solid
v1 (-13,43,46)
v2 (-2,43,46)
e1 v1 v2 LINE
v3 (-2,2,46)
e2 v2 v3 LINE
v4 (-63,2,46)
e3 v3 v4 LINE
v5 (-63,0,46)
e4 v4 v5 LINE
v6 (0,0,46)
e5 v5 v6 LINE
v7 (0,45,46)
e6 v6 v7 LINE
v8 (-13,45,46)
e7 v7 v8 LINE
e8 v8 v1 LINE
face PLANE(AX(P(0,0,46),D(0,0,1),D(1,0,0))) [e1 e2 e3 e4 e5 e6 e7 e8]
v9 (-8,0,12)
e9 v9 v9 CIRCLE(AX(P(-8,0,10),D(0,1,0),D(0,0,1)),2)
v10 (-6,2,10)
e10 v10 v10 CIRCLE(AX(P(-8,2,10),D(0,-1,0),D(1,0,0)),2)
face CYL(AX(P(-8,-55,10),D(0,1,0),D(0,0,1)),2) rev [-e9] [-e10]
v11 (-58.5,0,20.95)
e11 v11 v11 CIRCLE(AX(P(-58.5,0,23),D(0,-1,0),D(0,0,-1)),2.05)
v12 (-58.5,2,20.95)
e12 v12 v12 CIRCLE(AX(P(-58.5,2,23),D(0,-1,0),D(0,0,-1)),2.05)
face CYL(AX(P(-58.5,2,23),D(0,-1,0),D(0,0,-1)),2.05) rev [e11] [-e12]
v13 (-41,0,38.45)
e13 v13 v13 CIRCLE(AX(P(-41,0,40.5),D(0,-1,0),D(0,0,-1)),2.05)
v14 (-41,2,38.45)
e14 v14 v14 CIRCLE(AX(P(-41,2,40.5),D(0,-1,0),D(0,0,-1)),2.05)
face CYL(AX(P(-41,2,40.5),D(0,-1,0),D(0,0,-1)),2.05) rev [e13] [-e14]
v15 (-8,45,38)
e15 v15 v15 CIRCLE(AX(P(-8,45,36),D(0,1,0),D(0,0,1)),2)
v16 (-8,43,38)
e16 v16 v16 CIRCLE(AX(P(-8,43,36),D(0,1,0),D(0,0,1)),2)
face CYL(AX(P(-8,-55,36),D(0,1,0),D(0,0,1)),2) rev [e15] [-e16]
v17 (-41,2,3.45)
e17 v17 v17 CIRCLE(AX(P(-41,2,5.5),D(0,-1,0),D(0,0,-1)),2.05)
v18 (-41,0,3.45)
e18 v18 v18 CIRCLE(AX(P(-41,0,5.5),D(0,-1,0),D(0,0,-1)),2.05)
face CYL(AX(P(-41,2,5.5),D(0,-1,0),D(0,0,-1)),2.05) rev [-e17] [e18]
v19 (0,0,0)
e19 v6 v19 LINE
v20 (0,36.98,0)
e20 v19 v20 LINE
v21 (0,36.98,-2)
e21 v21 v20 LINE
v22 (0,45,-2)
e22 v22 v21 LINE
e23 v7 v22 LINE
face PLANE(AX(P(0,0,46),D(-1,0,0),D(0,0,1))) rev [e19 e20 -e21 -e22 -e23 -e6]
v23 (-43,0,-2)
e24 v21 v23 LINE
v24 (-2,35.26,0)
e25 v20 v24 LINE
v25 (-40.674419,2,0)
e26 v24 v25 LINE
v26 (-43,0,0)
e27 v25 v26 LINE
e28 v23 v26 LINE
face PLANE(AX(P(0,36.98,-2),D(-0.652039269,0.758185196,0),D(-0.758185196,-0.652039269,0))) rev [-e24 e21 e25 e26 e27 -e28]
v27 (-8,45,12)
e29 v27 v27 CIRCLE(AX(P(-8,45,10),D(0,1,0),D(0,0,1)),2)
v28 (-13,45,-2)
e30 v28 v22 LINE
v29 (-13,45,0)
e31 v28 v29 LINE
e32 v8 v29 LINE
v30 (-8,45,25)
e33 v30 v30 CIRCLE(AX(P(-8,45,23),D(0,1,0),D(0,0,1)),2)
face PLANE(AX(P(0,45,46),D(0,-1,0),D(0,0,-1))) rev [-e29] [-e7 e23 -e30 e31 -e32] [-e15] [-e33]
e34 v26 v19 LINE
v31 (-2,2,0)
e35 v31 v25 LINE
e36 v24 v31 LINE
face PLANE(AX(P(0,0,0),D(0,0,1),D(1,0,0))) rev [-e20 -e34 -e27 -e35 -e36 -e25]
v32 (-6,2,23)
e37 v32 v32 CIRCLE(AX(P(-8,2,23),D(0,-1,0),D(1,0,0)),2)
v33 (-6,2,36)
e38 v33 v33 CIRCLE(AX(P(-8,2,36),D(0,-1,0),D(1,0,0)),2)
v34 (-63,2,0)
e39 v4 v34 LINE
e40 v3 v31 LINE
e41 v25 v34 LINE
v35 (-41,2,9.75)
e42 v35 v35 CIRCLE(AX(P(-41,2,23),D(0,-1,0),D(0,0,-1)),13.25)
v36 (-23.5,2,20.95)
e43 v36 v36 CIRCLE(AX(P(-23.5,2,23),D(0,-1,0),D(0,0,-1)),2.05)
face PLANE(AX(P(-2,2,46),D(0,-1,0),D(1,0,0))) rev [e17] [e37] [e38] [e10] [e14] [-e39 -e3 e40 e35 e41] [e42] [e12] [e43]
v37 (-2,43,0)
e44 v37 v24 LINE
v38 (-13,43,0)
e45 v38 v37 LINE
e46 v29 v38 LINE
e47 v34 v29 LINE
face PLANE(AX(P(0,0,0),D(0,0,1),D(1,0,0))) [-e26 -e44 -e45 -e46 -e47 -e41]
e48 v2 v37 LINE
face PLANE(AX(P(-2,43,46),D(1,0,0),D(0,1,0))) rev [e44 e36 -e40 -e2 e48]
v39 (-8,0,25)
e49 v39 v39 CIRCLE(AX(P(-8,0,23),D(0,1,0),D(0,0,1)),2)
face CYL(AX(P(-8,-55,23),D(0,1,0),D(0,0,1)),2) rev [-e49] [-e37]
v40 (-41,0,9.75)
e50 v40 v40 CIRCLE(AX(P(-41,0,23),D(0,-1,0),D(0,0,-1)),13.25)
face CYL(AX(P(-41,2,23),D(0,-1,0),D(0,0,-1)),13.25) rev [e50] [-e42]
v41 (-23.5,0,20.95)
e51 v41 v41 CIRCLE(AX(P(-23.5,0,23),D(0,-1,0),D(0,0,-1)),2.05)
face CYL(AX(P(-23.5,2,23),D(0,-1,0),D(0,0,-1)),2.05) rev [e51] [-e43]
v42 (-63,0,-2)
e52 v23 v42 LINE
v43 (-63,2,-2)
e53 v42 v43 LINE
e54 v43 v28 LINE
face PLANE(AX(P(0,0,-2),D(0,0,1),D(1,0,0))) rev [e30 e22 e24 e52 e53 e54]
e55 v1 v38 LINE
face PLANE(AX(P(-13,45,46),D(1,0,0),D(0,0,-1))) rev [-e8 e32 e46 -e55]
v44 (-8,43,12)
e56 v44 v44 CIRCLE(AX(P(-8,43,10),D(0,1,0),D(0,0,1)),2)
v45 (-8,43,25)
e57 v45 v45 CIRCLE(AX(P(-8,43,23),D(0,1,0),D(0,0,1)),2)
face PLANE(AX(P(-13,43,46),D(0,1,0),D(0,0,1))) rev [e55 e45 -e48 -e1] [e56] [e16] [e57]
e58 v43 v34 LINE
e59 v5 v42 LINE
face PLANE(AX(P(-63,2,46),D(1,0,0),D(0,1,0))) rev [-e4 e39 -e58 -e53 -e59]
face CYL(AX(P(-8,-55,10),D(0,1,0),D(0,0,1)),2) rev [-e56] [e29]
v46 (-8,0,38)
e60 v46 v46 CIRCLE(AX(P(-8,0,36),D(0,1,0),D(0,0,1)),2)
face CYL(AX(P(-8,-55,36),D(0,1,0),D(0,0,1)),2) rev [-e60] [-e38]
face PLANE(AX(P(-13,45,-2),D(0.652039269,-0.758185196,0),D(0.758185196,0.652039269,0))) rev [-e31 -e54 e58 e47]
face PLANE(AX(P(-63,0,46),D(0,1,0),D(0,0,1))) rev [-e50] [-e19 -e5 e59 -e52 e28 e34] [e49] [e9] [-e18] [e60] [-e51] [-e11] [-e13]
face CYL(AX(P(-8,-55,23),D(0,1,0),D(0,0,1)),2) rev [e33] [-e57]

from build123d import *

# Parameters (mm, degrees)
BOSS_EXTRUDE1_DEPTH = 46
SKETCH2_R           = 13.25
SKETCH2_R_2         = 2.05
CUT_EXTRUDE1_DEPTH  = 2
SKETCH3_R           = 2
CUT_EXTRUDE2_DEPTH  = 100
BOSS_EXTRUDE2_DEPTH = 2


with BuildPart() as part:
    # Sketch1 → Boss-Extrude1 (new body)
    with BuildSketch(Plane.XY):
        Polygon((0, 0), (0, 45), (-13, 45), (-13, 43), (-2, 43), (-2, 2), (-63, 2), (-63, 0), align=None)
    extrude(amount=BOSS_EXTRUDE1_DEPTH)

    # Sketch2 → Cut-Extrude1 (cut)
    with BuildSketch(Plane.XZ):
        with Locations(Location((-41, 23, 0), (0, 0, 270))):
            Circle(SKETCH2_R)
        with Locations(Location((-41, 40.5, 0), (0, 0, 270))):
            Circle(SKETCH2_R_2)
        with Locations(Location((-58.5, 23, 0), (0, 0, 270))):
            Circle(SKETCH2_R_2)
        with Locations(Location((-23.5, 23, 0), (0, 0, 270))):
            Circle(SKETCH2_R_2)
        with Locations(Location((-41, 5.5, 0), (0, 0, 270))):
            Circle(SKETCH2_R_2)
    extrude(amount=-CUT_EXTRUDE1_DEPTH, mode=Mode.SUBTRACT)

    # Sketch3 → Cut-Extrude2 (cut)
    with BuildSketch(Plane(origin=(0, 45, 0), x_dir=(1, 0, 0), z_dir=(0, 1, 0))):
        with Locations(Location((-8, -10, 0), (0, 0, 270))):
            Circle(SKETCH3_R)
        with Locations(Location((-8, -23, 0), (0, 0, 270))):
            Circle(SKETCH3_R)
        with Locations(Location((-8, -36, 0), (0, 0, 270))):
            Circle(SKETCH3_R)
    extrude(amount=-CUT_EXTRUDE2_DEPTH, mode=Mode.SUBTRACT)

    # Sketch4 → Boss-Extrude2 (add)
    with BuildSketch(Plane(origin=(0, 0, 0), x_dir=(-1, 0, 0), z_dir=(0, 0, -1))):
        Polygon((13, 45), (63, 2), (63, 0), (43, 0), (0, 36.98), (0, 45), align=None)
    extrude(amount=BOSS_EXTRUDE2_DEPTH)


solid = part.part
